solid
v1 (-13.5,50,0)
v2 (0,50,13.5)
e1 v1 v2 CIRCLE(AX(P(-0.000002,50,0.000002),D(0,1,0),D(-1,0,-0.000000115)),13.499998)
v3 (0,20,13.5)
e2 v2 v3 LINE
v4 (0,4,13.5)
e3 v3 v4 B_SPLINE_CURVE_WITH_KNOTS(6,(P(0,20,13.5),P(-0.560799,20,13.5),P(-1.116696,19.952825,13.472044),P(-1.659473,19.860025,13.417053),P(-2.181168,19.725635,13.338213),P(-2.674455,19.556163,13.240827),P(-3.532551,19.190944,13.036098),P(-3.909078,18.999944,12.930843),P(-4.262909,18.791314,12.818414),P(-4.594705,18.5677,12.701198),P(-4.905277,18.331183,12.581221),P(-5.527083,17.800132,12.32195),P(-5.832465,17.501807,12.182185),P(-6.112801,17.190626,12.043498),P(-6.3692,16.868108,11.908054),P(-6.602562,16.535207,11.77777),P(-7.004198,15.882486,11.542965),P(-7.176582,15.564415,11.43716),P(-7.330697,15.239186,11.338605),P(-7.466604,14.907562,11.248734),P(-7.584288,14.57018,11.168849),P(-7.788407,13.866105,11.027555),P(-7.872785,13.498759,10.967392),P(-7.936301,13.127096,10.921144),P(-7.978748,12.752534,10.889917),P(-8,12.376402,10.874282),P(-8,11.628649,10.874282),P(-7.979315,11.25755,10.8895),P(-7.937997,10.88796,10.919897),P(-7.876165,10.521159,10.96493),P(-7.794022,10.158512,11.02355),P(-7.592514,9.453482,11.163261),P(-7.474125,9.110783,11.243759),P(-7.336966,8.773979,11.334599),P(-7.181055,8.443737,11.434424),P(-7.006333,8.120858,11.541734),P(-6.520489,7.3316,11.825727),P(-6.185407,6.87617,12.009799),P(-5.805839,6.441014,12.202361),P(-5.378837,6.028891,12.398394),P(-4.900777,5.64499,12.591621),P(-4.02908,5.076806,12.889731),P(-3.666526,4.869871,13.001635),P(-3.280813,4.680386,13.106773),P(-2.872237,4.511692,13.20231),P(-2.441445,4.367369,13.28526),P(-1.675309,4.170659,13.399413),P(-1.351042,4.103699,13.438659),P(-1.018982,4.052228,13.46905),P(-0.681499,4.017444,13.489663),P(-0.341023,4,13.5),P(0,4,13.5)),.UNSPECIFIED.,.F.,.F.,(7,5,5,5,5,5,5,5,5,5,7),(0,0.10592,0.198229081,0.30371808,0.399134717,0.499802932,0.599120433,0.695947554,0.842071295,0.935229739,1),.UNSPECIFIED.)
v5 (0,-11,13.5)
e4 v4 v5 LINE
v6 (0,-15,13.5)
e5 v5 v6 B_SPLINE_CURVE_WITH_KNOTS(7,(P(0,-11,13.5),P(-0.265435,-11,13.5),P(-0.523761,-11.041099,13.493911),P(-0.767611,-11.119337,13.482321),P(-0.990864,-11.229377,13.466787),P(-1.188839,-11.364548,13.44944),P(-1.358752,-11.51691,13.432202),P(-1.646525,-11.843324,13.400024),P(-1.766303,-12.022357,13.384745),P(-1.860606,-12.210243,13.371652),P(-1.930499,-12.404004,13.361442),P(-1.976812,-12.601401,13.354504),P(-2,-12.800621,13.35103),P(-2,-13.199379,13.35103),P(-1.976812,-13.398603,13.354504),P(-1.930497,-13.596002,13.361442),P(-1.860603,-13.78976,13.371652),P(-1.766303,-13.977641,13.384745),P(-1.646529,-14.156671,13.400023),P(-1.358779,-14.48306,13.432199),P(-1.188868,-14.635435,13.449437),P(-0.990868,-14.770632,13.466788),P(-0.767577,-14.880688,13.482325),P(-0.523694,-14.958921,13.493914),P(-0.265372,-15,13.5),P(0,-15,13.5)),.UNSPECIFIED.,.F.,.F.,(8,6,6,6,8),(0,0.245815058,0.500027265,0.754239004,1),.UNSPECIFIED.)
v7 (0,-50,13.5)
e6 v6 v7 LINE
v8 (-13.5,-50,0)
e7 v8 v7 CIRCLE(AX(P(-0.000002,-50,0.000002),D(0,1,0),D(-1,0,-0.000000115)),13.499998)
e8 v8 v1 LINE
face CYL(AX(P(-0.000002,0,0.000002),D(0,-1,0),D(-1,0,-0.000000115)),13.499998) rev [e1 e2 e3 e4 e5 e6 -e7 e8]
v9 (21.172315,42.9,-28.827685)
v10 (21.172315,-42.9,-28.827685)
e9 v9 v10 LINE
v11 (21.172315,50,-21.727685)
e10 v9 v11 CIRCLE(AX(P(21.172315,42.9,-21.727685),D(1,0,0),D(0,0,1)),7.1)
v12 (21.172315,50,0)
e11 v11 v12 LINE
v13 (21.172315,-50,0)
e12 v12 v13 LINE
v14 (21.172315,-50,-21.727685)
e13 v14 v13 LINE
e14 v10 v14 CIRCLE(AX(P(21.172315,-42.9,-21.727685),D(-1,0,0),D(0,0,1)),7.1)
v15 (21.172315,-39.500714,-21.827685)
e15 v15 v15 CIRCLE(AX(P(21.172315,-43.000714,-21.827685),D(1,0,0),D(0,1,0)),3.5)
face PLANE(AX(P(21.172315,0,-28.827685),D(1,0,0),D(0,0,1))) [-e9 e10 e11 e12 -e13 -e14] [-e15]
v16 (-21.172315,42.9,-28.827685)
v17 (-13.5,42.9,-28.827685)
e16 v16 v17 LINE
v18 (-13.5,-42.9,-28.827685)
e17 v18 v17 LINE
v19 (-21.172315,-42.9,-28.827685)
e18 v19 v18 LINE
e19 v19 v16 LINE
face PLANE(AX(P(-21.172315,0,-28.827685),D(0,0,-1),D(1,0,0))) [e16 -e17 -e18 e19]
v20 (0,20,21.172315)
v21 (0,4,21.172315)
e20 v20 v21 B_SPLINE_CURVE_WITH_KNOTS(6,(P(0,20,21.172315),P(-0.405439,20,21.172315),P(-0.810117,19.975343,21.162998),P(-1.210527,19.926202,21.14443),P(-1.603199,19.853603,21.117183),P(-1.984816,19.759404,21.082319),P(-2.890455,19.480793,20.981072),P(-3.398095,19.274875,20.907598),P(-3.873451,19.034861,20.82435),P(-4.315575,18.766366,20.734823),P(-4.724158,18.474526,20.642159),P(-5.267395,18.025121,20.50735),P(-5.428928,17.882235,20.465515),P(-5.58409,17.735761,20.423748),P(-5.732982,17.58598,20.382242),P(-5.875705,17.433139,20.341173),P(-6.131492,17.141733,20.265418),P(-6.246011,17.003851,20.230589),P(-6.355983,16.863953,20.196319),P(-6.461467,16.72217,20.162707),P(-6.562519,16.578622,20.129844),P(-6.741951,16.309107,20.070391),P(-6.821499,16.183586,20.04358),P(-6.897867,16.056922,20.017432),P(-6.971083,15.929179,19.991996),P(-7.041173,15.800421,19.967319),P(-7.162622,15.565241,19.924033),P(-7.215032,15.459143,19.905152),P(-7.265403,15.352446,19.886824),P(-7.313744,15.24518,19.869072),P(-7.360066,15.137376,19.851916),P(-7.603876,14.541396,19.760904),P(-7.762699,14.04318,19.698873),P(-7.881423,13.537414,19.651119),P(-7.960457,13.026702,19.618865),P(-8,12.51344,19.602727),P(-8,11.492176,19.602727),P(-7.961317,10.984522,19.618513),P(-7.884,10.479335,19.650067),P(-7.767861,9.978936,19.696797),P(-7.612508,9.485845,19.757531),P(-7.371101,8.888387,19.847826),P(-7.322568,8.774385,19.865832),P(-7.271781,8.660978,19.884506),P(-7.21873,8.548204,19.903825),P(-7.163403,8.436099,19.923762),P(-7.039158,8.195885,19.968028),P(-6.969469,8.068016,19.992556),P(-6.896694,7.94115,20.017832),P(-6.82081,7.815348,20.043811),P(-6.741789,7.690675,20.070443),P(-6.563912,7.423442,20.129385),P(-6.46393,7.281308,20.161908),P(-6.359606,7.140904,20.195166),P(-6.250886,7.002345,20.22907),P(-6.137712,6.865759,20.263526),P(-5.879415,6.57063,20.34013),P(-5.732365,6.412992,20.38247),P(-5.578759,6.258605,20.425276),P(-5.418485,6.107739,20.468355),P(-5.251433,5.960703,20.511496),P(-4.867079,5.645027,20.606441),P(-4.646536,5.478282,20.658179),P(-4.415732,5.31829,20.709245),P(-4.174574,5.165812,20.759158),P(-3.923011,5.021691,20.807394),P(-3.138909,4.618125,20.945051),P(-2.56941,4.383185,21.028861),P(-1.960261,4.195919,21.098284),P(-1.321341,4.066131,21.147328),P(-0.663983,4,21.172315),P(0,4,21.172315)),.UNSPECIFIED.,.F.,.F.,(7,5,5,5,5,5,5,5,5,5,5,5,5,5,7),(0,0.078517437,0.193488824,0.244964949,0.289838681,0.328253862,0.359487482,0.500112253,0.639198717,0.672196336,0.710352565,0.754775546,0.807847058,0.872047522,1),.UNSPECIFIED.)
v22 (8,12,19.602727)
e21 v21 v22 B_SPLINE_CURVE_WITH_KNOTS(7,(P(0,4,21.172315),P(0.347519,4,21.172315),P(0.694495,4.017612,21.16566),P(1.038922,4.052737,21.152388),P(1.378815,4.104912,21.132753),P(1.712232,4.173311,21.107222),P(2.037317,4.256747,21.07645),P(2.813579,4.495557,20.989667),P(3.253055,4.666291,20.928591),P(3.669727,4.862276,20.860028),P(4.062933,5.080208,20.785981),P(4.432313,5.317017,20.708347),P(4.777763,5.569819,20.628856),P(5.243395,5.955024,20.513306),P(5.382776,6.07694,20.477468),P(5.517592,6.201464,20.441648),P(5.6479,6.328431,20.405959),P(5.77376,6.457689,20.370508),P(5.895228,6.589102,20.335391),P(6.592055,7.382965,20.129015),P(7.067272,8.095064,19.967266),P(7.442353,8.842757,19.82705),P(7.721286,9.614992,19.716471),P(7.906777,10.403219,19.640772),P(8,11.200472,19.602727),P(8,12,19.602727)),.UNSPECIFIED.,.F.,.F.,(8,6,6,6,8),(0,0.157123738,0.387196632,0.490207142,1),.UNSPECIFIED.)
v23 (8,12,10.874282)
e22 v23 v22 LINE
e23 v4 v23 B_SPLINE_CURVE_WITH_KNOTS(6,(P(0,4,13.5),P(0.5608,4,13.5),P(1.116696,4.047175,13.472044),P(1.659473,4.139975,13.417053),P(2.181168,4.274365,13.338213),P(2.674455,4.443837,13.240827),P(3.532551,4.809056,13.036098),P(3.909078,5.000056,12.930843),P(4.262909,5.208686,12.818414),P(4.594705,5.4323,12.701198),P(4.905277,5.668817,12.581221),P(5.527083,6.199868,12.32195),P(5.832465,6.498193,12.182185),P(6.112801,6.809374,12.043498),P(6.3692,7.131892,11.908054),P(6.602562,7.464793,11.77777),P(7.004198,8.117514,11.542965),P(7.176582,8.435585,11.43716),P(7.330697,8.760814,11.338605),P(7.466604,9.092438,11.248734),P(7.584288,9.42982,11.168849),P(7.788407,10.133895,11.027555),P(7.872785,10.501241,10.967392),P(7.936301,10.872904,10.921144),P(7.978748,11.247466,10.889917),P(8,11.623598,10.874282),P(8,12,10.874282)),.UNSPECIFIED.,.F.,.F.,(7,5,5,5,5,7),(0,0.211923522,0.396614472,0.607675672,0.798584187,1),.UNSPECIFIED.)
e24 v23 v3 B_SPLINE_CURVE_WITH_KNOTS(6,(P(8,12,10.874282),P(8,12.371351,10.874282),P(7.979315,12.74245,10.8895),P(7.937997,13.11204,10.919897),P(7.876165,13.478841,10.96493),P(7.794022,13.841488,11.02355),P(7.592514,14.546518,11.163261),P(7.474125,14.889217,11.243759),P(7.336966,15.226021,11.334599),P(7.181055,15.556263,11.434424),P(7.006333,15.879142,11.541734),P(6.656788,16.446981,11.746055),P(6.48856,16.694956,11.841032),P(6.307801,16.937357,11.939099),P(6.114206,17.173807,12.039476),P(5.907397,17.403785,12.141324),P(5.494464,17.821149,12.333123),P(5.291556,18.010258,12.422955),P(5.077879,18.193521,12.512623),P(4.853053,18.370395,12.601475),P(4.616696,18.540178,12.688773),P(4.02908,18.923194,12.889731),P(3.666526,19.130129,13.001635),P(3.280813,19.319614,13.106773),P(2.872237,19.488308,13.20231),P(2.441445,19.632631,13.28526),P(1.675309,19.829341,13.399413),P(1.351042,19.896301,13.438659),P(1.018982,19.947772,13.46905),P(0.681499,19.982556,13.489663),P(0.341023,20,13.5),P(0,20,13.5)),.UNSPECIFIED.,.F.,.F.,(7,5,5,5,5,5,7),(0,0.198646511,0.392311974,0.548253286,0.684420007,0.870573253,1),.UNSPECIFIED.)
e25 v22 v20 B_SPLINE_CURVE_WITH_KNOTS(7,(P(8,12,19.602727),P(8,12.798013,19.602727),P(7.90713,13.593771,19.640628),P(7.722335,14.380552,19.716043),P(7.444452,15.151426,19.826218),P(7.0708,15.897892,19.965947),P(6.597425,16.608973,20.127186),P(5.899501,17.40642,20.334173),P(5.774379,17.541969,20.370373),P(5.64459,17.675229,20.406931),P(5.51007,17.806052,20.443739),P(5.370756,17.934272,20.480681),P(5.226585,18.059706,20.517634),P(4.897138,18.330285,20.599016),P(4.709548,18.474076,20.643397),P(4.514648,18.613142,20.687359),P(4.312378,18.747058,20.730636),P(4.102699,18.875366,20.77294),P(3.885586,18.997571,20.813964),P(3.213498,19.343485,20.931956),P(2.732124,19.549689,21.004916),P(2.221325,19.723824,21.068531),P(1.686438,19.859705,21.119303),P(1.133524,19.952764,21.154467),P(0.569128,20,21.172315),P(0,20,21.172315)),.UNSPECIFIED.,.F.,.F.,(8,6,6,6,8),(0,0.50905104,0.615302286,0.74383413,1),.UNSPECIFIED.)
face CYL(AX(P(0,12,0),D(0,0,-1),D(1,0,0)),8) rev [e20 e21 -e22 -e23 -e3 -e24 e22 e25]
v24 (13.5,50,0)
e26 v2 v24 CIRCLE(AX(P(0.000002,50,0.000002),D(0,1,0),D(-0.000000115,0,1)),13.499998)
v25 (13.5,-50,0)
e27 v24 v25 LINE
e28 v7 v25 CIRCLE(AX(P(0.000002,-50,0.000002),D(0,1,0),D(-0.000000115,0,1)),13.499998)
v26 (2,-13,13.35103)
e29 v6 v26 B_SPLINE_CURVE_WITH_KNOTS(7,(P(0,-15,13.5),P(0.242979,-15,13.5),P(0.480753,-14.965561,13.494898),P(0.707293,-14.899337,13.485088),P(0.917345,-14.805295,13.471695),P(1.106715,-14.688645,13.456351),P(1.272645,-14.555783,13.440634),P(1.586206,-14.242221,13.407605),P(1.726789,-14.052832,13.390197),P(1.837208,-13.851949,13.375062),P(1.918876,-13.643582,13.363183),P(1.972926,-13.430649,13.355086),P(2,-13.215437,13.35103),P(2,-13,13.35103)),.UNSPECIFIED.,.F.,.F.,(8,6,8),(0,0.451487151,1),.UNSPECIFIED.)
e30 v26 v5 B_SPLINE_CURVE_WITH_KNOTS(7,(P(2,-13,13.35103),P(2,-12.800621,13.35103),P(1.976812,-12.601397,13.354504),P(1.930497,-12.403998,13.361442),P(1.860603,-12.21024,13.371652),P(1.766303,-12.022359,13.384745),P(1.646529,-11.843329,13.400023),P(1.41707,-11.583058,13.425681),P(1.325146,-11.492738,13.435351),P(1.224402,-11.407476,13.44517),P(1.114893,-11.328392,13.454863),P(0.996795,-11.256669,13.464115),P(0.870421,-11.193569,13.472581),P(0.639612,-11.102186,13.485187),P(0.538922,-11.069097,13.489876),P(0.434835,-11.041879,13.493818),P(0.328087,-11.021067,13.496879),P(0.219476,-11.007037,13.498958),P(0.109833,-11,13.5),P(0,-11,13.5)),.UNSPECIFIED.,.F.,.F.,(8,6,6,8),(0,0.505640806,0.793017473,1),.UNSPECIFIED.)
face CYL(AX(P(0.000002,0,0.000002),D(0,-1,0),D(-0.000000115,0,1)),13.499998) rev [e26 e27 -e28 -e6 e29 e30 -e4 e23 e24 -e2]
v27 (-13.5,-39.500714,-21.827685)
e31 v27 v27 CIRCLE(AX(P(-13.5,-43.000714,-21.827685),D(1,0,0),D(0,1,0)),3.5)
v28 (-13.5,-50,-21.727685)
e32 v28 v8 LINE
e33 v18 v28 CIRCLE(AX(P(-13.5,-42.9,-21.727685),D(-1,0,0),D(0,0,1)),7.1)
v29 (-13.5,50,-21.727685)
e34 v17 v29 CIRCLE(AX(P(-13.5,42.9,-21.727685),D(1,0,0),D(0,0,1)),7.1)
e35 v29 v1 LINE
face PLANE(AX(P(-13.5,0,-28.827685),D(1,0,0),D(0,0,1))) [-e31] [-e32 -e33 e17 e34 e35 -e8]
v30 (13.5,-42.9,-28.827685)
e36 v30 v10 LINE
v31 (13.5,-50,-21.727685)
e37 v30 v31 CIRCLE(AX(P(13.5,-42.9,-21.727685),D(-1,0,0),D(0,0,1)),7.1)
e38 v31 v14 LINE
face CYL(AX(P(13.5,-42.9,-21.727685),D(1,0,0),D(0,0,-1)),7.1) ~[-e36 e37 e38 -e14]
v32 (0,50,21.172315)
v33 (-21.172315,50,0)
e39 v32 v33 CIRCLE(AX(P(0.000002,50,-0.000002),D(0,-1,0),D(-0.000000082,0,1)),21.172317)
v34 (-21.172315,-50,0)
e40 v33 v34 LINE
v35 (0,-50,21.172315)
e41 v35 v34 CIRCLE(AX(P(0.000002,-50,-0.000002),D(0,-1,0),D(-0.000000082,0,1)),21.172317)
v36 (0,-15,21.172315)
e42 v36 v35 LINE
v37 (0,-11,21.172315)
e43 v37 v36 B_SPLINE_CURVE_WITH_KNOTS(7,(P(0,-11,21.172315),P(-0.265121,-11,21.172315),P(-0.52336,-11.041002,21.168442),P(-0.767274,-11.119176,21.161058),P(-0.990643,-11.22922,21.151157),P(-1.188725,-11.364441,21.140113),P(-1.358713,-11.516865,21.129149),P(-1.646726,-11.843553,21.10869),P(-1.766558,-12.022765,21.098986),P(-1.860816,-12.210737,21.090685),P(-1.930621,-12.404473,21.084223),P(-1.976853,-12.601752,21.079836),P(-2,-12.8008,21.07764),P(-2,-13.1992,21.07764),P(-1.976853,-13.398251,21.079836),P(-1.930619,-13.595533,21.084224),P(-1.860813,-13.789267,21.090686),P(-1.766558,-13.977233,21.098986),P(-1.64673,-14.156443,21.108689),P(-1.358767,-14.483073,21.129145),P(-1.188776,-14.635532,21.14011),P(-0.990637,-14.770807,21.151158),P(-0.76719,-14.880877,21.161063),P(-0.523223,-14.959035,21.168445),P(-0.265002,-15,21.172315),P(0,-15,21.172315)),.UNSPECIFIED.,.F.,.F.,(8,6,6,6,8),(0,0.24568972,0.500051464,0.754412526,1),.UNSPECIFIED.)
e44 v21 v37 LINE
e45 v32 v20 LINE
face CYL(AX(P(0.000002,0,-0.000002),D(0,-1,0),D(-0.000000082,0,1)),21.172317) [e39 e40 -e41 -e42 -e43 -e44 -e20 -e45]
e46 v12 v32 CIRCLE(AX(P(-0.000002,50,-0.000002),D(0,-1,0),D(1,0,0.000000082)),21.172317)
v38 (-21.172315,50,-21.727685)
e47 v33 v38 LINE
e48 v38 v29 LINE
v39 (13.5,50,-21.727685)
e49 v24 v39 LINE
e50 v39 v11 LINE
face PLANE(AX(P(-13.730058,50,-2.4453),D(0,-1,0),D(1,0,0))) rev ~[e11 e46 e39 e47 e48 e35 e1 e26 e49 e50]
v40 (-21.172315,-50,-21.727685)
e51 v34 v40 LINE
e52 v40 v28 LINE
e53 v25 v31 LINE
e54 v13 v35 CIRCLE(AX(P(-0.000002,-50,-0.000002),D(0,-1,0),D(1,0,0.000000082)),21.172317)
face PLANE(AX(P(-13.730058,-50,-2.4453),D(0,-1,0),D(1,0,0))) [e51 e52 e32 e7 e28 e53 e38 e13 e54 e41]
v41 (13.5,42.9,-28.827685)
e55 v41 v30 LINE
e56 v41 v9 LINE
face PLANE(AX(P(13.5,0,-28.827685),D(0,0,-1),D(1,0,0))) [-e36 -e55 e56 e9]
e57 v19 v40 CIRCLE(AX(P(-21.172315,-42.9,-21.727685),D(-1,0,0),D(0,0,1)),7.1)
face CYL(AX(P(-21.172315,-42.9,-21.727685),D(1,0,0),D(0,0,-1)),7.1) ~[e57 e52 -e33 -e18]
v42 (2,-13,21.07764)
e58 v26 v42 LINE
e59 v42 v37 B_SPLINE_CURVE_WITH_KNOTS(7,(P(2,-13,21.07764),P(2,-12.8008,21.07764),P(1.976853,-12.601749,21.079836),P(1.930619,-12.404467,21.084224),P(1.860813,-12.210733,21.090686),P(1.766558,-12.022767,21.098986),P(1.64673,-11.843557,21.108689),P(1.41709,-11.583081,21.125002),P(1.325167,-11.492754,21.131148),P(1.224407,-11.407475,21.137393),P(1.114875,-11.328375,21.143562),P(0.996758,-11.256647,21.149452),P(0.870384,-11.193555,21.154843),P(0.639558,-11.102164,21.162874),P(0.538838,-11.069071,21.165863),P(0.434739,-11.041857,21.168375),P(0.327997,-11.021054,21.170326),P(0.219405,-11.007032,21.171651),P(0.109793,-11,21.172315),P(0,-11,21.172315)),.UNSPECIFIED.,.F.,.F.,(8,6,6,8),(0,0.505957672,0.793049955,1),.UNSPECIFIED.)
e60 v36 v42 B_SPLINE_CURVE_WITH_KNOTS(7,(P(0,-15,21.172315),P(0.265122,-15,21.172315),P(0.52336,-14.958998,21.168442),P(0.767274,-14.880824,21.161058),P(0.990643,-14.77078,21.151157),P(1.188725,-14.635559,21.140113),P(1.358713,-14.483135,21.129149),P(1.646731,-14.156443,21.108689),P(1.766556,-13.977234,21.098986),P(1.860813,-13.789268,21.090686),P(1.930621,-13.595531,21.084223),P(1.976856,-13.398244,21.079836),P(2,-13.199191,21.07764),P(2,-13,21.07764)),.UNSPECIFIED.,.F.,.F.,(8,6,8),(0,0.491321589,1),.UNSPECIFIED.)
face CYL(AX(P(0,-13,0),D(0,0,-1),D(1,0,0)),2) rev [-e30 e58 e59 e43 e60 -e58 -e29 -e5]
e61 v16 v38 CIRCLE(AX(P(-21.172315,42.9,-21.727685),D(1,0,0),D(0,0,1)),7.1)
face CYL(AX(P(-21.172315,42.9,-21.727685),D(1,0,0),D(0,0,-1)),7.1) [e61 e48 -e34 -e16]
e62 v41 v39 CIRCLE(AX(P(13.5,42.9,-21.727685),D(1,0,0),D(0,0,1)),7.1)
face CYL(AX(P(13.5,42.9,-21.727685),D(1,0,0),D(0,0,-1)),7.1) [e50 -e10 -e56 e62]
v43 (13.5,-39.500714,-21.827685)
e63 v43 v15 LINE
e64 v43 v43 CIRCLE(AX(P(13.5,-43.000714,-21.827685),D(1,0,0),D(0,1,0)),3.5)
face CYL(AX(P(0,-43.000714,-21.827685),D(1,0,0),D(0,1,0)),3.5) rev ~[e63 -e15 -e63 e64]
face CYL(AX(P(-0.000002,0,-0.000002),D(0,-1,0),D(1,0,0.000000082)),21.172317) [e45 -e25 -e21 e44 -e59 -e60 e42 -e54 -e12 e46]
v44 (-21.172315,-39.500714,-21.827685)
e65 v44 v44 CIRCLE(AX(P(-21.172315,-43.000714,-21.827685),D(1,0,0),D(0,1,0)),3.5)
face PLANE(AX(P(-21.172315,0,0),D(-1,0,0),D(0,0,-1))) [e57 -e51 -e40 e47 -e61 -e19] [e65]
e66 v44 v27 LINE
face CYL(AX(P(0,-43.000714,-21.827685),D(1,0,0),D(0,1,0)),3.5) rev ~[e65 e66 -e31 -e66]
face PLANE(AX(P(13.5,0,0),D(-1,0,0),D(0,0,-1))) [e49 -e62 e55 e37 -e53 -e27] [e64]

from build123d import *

# Parameters (mm, degrees)
F1_DEPTH = 50
F2_R     = 7.1
F3_R     = 3.5
F4_DEPTH = 25
F5_R     = 2
F5_R_2   = 8
F6_DEPTH = 25


with BuildPart() as f1:
    # F0 (on Front) → F1 (new body, symmetric)
    with BuildSketch(Plane.XZ):
        with BuildLine():
            ThreePointArc((-13.5, 0), (-9.545942, 9.545942), (0, 13.5))
            Line((0, 13.5), (0, 21.172315))
            ThreePointArc((0, 21.172315), (-14.971087, 14.971087), (-21.172315, 0))
            Line((-21.172315, 0), (-21.172315, -28.827685))
            Line((-21.172315, -28.827685), (-13.5, -28.827685))
            Line((-13.5, -28.827685), (-13.5, 0))
        make_face()
        with BuildLine():
            ThreePointArc((0, 13.5), (9.545942, 9.545942), (13.5, 0))
            Line((13.5, 0), (13.5, -28.827685))
            Line((13.5, -28.827685), (21.172315, -28.827685))
            Line((21.172315, -28.827685), (21.172315, 0))
            ThreePointArc((21.172315, 0), (14.971087, 14.971087), (0, 21.172315))
            Line((0, 21.172315), (0, 13.5))
        make_face()
    extrude(amount=F1_DEPTH, both=True)

    # F2
    f2_edges = [f1.edges().sort_by_distance(p)[0] for p in [
        (17.336157, 50, -28.827685),
        (-17.336157, 50, -28.827685),
        (-17.336157, -50, -28.827685),
        (17.336157, -50, -28.827685),
    ]]
    fillet(f2_edges, radius=F2_R)

    # F3 (on Right) → F4 (cut, symmetric)
    with BuildSketch(Plane.YZ):
        with Locations((-43.000714, -21.827685)):
            Circle(F3_R)
    extrude(amount=F4_DEPTH, both=True, mode=Mode.SUBTRACT)

    # F5 (on Top) → F6 (cut)
    with BuildSketch(Plane.XY):
        with Locations((0, -13)):
            Circle(F5_R)
        with Locations((0, 12)):
            Circle(F5_R_2)
    extrude(amount=F6_DEPTH, mode=Mode.SUBTRACT)


solid = f1.part
